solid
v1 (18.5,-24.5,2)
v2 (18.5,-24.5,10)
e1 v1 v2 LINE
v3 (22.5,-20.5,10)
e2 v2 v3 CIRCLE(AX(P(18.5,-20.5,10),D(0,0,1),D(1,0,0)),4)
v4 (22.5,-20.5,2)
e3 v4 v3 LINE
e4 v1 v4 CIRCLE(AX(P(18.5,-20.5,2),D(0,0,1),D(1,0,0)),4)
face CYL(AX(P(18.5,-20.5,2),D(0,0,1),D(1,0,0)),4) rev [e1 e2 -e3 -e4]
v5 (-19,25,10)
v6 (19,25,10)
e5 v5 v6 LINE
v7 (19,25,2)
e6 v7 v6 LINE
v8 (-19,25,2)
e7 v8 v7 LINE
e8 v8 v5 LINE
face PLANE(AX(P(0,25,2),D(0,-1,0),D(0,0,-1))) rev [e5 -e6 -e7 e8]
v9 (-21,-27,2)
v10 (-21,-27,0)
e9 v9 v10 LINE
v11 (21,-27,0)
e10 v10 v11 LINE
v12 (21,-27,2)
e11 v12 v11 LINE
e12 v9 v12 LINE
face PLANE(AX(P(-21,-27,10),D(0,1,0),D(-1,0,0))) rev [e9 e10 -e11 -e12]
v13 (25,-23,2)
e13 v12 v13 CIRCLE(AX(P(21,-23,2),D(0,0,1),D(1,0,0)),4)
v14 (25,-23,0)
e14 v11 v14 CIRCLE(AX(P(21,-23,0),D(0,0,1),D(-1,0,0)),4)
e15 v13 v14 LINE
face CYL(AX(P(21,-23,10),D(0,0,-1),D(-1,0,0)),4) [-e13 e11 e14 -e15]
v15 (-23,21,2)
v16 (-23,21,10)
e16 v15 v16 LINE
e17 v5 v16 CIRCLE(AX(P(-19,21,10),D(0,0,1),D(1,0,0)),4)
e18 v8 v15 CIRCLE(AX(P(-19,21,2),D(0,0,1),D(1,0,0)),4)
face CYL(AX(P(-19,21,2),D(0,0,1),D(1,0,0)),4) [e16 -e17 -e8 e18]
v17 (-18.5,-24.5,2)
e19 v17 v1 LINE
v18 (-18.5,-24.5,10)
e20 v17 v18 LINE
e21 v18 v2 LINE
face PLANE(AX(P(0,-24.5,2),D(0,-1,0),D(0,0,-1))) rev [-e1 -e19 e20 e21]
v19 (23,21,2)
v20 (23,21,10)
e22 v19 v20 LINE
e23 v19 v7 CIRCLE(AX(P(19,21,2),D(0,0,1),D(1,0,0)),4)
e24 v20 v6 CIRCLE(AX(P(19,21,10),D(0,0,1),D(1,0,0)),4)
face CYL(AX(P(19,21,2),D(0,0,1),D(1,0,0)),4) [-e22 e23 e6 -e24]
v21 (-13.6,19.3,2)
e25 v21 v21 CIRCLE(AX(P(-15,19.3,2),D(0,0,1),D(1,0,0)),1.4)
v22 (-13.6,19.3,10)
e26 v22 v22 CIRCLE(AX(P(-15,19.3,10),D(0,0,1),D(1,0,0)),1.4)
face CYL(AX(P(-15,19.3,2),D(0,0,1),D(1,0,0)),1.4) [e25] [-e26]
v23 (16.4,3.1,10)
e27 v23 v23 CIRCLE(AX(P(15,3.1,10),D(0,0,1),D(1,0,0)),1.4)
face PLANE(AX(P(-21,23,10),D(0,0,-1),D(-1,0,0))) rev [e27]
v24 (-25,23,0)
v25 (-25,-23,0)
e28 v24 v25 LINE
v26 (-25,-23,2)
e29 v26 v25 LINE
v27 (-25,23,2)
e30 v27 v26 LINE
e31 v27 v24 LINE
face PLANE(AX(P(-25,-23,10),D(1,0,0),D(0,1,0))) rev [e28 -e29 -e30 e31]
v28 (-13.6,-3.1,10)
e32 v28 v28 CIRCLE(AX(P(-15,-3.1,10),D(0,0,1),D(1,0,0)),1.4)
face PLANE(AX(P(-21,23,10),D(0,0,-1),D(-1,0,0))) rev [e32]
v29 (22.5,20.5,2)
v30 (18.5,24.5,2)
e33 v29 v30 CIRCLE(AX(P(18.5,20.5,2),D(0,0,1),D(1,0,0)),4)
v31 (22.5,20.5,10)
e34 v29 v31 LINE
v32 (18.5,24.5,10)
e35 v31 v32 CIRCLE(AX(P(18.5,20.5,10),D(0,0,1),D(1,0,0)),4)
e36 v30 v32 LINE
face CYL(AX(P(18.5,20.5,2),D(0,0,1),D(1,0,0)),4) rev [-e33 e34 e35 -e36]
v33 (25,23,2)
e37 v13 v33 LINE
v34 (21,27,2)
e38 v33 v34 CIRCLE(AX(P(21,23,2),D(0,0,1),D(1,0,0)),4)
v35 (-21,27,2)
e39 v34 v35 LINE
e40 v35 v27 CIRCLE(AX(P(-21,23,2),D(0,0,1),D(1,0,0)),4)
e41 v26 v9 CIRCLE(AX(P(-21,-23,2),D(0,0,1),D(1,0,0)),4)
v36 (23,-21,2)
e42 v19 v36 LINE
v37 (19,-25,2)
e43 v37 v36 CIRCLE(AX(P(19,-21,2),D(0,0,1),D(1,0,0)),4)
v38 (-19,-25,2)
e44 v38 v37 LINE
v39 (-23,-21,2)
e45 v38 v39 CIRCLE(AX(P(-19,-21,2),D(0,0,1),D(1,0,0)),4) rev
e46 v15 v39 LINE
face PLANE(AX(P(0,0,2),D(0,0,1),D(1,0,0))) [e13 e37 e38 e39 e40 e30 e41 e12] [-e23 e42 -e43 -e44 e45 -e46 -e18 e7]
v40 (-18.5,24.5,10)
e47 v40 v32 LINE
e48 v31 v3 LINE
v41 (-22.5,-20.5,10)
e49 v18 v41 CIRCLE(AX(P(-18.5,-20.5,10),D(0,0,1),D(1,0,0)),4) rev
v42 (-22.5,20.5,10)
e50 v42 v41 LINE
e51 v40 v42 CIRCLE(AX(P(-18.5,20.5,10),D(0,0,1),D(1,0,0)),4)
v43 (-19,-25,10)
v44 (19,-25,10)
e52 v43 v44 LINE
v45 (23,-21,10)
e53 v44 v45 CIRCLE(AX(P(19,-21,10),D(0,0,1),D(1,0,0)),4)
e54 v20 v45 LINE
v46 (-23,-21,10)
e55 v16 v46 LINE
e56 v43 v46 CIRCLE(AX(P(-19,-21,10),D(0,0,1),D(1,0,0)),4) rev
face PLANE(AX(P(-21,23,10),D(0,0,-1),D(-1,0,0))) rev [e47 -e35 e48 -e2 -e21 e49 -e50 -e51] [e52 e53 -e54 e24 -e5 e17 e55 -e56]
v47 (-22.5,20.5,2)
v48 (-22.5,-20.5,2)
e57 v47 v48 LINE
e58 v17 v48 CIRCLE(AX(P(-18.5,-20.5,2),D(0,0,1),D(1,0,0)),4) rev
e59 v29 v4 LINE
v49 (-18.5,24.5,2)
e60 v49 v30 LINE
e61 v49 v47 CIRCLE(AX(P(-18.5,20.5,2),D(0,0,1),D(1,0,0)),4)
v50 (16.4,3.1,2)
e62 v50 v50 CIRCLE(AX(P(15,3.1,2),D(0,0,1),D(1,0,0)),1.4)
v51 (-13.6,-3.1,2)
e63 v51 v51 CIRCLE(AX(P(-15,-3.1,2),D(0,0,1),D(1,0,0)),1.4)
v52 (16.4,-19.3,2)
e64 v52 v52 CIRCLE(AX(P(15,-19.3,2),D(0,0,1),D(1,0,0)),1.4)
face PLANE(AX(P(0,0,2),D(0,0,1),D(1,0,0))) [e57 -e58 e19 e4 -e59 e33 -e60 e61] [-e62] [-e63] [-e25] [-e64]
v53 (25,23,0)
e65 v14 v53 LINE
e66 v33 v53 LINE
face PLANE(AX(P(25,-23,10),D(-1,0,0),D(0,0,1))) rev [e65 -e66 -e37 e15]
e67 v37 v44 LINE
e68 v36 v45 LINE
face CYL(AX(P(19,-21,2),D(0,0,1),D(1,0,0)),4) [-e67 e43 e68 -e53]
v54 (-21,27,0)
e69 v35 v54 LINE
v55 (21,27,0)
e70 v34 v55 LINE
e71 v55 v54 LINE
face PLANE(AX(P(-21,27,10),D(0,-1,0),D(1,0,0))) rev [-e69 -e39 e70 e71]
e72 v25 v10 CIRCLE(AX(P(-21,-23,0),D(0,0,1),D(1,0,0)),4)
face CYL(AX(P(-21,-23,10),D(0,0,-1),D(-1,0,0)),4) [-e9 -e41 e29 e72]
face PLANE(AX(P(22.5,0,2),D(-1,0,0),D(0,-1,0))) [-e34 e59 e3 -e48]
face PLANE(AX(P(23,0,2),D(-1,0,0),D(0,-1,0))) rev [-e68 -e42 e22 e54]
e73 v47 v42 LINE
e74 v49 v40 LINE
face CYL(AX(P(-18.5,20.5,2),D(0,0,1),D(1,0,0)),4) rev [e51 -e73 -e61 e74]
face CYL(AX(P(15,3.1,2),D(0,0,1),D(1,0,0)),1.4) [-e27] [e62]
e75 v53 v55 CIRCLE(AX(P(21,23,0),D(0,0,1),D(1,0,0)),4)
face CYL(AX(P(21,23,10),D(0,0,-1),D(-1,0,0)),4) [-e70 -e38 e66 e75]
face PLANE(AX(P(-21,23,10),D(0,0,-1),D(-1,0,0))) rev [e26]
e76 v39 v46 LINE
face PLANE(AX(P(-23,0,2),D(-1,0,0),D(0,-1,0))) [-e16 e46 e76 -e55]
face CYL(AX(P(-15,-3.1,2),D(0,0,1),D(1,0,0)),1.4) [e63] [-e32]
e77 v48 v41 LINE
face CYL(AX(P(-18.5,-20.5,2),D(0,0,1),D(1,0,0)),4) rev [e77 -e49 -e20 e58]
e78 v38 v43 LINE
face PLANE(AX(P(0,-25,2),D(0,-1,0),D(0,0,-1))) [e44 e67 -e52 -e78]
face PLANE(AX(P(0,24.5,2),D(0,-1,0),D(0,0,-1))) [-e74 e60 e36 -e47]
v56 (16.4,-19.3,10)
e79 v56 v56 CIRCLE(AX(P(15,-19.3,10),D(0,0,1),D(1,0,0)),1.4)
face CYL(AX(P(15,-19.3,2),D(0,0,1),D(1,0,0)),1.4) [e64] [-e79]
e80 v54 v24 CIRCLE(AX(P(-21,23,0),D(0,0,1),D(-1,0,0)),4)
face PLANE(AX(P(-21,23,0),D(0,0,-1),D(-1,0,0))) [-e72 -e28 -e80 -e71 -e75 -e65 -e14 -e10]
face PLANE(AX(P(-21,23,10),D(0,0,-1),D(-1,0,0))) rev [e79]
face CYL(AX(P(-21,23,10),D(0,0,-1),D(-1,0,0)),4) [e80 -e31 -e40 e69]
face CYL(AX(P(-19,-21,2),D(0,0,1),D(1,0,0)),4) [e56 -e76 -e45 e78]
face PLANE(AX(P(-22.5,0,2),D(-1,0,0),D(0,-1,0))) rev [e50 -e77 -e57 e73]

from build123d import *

# Parameters (mm, degrees)
BOSS_EXTRUDE1_DEPTH = 10
SKETCH3_R           = 1.4
CUT_EXTRUDE2_DEPTH  = 8


with BuildPart() as part:
    # Sketch1 → Boss-Extrude1 (new body)
    with BuildSketch(Plane.XY):
        with BuildLine():
            Line((-21, -27), (21, -27))
            ThreePointArc((21, -27), (23.828427125, -25.828427125), (25, -23))
            Line((25, -23), (25, 23))
            ThreePointArc((25, 23), (23.828427125, 25.828427125), (21, 27))
            Line((21, 27), (-21, 27))
            ThreePointArc((-21, 27), (-23.828427125, 25.828427125), (-25, 23))
            Line((-25, 23), (-25, -23))
            ThreePointArc((-25, -23), (-23.828427125, -25.828427125), (-21, -27))
        make_face()
    extrude(amount=BOSS_EXTRUDE1_DEPTH)

    # Sketch3 → Cut-Extrude2 (cut)
    with BuildSketch(Plane.XY.offset(10)):
        with BuildLine():
            Line((21, 27), (-21, 27))
            ThreePointArc((-21, 27), (-23.828427125, 25.828427125), (-25, 23))
            Line((-25, 23), (-25, -23))
            ThreePointArc((-25, -23), (-23.828427125, -25.828427125), (-21, -27))
            Line((-21, -27), (21, -27))
            ThreePointArc((21, -27), (23.828427125, -25.828427125), (25, -23))
            Line((25, -23), (25, 23))
            ThreePointArc((25, 23), (23.828427125, 25.828427125), (21, 27))
        make_face()
        with BuildLine():
            Line((-19, -25), (19, -25))
            ThreePointArc((19, -25), (21.828427125, -23.828427125), (23, -21))
            Line((23, -21), (23, 21))
            ThreePointArc((23, 21), (21.828427125, 23.828427125), (19, 25))
            Line((19, 25), (-19, 25))
            ThreePointArc((-19, 25), (-21.828427125, 23.828427125), (-23, 21))
            Line((-23, 21), (-23, -21))
            ThreePointArc((-23, -21), (-21.828427125, -23.828427125), (-19, -25))
        make_face(mode=Mode.SUBTRACT)
        with BuildLine():
            Line((-18.5, -24.5), (18.5, -24.5))
            ThreePointArc((18.5, -24.5), (21.328427125, -23.328427125), (22.5, -20.5))
            Line((22.5, -20.5), (22.5, 20.5))
            ThreePointArc((22.5, 20.5), (21.328427125, 23.328427125), (18.5, 24.5))
            Line((18.5, 24.5), (-18.5, 24.5))
            ThreePointArc((-18.5, 24.5), (-21.328427125, 23.328427125), (-22.5, 20.5))
            Line((-22.5, 20.5), (-22.5, -20.5))
            ThreePointArc((-22.5, -20.5), (-21.328427125, -23.328427125), (-18.5, -24.5))
        make_face()
        with Locations((-15, -3.1)):
            Circle(SKETCH3_R, mode=Mode.SUBTRACT)
        with Locations((15, 3.1)):
            Circle(SKETCH3_R, mode=Mode.SUBTRACT)
        with Locations((-15, 19.3)):
            Circle(SKETCH3_R, mode=Mode.SUBTRACT)
        with Locations((15, -19.3)):
            Circle(SKETCH3_R, mode=Mode.SUBTRACT)
    extrude(amount=-CUT_EXTRUDE2_DEPTH, mode=Mode.SUBTRACT)


solid = part.part
